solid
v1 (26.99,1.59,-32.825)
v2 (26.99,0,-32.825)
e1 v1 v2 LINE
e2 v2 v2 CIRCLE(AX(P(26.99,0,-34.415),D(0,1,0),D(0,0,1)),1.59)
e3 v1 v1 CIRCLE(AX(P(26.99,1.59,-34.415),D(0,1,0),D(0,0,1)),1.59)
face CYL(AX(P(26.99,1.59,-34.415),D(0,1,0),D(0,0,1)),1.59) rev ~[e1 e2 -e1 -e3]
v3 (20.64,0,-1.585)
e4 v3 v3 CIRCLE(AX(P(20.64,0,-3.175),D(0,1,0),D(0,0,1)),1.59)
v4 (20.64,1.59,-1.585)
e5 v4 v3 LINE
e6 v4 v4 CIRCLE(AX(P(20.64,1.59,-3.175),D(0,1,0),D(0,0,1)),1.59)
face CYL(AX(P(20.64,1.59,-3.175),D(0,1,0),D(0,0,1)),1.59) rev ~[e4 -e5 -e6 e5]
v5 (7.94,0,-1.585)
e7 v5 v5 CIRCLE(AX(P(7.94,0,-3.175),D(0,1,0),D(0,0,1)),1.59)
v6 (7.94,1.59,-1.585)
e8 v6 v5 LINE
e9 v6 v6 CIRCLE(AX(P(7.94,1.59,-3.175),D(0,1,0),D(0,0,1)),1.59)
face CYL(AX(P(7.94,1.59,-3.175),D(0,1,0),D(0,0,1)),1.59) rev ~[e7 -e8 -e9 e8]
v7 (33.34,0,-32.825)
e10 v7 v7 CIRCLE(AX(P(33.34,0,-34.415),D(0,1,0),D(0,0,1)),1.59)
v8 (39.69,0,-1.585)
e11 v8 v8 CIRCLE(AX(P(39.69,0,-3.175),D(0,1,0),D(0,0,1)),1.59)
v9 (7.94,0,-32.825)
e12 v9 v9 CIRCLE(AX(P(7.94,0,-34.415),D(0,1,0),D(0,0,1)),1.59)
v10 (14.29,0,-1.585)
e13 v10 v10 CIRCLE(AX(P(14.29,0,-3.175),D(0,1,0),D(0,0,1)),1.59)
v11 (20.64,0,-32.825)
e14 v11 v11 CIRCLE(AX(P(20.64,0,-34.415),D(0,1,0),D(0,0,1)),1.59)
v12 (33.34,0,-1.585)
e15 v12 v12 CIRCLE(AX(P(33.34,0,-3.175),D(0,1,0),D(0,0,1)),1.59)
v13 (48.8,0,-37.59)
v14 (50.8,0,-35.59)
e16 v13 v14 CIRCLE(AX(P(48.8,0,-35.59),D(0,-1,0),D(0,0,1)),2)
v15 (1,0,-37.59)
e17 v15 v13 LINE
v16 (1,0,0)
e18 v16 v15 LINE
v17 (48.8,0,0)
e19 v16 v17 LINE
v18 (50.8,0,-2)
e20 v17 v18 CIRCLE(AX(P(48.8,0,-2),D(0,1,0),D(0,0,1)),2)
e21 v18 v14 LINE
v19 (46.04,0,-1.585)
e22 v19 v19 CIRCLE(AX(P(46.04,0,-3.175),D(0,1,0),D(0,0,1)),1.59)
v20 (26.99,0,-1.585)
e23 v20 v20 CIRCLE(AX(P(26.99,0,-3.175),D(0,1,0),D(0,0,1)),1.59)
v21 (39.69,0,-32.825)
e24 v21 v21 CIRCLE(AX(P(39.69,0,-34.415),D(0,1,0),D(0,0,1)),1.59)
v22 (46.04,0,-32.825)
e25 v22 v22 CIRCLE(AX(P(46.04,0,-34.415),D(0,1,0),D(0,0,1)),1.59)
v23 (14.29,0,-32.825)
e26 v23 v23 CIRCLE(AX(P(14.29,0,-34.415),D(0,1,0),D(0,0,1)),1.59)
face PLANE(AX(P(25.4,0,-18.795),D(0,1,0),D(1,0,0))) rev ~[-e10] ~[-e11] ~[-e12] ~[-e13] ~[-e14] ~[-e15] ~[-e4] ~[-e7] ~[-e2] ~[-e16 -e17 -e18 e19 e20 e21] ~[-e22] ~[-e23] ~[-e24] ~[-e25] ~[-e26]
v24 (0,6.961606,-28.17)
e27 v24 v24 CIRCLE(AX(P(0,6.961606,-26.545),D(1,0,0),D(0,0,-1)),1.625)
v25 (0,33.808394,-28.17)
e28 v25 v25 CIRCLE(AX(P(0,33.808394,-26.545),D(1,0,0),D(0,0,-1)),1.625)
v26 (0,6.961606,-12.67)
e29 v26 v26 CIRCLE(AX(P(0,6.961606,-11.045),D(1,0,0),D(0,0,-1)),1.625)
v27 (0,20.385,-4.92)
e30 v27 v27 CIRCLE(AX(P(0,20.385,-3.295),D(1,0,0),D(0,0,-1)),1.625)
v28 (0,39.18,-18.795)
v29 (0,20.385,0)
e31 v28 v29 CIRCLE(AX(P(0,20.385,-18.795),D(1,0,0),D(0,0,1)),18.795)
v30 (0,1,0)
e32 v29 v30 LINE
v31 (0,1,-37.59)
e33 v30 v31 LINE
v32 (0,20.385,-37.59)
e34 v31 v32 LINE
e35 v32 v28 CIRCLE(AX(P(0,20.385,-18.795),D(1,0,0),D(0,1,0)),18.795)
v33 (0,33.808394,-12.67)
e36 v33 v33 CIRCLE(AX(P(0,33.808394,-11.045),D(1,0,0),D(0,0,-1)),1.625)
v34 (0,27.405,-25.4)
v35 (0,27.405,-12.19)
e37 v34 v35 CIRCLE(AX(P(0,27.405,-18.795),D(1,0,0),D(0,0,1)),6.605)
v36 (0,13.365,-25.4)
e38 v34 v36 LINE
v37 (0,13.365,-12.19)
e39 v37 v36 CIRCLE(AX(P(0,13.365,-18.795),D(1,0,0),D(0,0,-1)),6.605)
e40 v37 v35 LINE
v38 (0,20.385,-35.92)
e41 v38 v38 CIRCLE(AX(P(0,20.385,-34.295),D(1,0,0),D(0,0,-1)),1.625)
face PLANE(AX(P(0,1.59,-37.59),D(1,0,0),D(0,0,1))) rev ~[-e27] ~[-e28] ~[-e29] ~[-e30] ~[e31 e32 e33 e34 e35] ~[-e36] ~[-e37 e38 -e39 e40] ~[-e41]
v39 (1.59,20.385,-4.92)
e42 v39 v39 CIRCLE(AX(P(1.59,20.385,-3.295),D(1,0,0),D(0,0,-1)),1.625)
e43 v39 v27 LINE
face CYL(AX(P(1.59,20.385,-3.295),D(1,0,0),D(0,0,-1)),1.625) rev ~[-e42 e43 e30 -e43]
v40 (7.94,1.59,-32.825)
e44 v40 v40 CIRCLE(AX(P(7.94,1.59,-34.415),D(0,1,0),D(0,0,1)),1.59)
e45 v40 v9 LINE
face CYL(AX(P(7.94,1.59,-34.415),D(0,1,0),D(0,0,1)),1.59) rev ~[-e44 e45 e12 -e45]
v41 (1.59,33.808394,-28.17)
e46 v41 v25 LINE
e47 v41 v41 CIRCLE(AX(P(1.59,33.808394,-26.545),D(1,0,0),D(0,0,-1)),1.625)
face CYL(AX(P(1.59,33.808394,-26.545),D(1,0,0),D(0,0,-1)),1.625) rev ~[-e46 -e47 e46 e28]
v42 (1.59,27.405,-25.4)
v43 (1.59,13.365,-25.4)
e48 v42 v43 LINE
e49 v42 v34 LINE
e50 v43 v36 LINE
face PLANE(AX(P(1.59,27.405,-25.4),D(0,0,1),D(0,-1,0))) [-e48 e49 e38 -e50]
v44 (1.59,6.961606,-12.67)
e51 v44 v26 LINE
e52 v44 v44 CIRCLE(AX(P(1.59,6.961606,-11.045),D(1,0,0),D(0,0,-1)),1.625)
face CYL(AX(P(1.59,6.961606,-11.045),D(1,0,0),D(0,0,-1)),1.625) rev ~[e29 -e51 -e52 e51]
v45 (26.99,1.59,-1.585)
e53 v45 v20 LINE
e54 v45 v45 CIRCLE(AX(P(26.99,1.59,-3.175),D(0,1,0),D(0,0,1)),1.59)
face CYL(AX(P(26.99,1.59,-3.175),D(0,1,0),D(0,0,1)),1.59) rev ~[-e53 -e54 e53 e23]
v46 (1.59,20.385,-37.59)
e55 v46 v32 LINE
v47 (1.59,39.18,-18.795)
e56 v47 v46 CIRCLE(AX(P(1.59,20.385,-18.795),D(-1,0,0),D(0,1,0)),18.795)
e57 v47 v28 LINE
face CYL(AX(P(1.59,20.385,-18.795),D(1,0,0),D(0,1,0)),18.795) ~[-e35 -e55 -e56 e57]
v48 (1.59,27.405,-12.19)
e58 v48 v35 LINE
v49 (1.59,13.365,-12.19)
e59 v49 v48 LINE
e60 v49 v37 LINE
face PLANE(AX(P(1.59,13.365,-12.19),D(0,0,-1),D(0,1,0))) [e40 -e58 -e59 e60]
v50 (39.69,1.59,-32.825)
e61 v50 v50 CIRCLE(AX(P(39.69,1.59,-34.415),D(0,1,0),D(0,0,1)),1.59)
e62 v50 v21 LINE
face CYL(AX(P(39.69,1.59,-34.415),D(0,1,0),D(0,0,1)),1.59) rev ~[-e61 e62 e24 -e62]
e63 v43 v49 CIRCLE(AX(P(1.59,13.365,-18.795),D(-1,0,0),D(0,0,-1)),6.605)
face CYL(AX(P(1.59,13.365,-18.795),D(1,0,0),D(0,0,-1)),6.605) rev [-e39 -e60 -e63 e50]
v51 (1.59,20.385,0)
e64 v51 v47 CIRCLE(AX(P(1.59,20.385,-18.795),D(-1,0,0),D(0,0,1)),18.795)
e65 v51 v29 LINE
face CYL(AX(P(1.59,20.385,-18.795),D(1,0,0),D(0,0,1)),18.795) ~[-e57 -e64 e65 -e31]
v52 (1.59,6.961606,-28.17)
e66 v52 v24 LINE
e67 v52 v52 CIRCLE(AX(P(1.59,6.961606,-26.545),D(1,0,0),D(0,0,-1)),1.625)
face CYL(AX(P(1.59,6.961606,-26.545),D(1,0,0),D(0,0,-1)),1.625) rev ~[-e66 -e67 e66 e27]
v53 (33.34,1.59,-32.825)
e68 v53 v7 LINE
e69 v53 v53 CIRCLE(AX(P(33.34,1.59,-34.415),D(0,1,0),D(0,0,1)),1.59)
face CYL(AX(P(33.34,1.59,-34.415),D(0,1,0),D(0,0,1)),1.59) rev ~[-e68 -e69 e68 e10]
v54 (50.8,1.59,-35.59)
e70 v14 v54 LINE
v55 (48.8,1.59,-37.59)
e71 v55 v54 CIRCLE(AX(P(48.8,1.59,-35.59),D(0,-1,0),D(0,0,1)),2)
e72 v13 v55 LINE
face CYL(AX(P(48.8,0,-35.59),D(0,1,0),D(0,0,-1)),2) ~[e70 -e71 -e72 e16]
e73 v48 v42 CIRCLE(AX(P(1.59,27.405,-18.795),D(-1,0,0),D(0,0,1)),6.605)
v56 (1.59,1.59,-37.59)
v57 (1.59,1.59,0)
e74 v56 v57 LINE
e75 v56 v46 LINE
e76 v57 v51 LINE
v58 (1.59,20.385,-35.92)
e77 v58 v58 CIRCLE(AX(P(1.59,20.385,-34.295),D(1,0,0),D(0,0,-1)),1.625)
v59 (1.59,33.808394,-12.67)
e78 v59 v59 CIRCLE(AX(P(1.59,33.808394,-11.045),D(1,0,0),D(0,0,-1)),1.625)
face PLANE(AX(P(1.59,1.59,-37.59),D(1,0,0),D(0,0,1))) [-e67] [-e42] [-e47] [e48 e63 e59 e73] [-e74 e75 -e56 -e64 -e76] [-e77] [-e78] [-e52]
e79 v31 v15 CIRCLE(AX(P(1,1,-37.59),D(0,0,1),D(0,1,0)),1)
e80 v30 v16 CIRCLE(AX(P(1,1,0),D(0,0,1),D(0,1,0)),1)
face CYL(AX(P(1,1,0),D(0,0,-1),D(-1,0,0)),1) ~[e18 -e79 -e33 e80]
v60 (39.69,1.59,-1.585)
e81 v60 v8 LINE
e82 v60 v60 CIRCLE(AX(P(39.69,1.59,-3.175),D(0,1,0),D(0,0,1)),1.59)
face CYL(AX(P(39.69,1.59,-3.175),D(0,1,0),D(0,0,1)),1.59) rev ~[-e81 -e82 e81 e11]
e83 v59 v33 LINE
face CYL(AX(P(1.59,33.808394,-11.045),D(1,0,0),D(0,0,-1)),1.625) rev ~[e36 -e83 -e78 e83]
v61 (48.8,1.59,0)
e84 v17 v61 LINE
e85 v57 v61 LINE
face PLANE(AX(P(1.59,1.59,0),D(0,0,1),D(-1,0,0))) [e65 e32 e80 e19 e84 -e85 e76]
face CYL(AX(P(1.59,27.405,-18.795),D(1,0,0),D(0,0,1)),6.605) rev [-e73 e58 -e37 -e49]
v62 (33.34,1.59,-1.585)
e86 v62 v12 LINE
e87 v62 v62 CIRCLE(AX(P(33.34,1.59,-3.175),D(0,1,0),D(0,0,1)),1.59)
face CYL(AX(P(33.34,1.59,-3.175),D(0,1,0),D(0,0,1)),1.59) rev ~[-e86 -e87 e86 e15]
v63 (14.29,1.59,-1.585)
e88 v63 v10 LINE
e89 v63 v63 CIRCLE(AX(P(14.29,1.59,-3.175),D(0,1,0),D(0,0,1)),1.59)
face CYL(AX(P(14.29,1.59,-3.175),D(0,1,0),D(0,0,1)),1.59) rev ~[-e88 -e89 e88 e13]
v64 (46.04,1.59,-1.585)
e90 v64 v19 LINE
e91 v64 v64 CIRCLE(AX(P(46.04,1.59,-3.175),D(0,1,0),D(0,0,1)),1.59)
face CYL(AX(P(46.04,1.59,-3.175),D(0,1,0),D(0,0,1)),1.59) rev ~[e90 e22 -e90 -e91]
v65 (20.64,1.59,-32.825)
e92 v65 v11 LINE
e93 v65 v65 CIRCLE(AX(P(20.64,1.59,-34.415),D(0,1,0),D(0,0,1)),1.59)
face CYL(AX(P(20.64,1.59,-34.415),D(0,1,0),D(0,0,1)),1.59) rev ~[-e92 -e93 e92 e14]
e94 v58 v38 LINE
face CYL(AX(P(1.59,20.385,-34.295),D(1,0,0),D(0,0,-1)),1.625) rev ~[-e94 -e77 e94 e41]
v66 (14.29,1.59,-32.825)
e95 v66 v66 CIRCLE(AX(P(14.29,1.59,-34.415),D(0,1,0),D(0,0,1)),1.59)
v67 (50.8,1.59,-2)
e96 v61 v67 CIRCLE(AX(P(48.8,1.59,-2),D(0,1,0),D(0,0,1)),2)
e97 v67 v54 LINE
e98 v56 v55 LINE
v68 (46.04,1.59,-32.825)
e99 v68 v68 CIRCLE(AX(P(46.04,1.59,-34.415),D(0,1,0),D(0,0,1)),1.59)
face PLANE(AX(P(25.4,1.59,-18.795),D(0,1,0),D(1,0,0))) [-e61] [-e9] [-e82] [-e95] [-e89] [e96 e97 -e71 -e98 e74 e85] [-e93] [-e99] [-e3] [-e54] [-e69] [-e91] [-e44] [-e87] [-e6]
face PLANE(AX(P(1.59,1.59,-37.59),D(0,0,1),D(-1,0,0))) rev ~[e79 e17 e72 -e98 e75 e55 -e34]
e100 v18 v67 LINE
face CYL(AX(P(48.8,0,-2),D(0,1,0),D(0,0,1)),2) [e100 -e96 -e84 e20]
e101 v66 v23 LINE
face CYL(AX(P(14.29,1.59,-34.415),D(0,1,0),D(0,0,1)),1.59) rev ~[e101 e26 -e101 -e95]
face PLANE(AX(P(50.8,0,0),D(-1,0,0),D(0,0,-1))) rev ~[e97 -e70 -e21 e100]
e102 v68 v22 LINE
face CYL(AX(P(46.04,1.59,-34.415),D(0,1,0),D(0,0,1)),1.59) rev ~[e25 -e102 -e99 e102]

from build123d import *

# Parameters (mm, degrees)
ESQUISSE1_W             = 50.8
ESQUISSE1_H             = 37.59
BOSS_EXTRU_1_DEPTH      = 1.59
ESQUISSE2_W             = 1.59
ESQUISSE2_H             = 37.59
BOSS_EXTRU_2_DEPTH      = 37.59
CONG_1_R                = 1
ESQUISSE3_R             = 1.59
ENL_V_MAT_EXTRU_1_DEPTH = 74.52996804
CONG_2_R                = 2
ENL_V_MAT_EXTRU_2_DEPTH = 74.278268266
ESQUISSE5_R             = 1.625
ENL_V_MAT_EXTRU_3_DEPTH = 74.278268266


with BuildPart() as part:
    # Esquisse1 → Boss.-Extru.1 (new body)
    with BuildSketch(Plane(origin=(0, 0, 0), x_dir=(1, 0, 0), z_dir=(0, 1, 0))):
        with Locations((25.4, 18.795)):
            Rectangle(ESQUISSE1_W, ESQUISSE1_H)
    extrude(amount=BOSS_EXTRU_1_DEPTH)

    # Esquisse2 → Boss.-Extru.2 (add)
    with BuildSketch(Plane(origin=(0, 1.59, 0), x_dir=(-1, 0, 0), z_dir=(0, 1, 0))):
        with Locations((-0.795, -18.795)):
            Rectangle(ESQUISSE2_W, ESQUISSE2_H)
    extrude(amount=BOSS_EXTRU_2_DEPTH)

    # Congé1
    cong_1_edges = [part.edges().sort_by_distance(p)[0] for p in [
        (0, 0, -18.795),
    ]]
    fillet(cong_1_edges, radius=CONG_1_R)

    # Esquisse3 → Enlèv. mat.-Extru.1 (cut, through all)
    with BuildSketch(Plane(origin=(0, 1.59, 0), x_dir=(1, 0, 0), z_dir=(0, 1, 0))):
        with Locations(Location((7.94, 34.415, 0), (0, 0, 270))):
            Circle(ESQUISSE3_R)
        with Locations(Location((14.29, 34.415, 0), (0, 0, 270))):
            Circle(ESQUISSE3_R)
        with Locations(Location((20.64, 34.415, 0), (0, 0, 270))):
            Circle(ESQUISSE3_R)
        with Locations(Location((26.99, 34.415, 0), (0, 0, 270))):
            Circle(ESQUISSE3_R)
        with Locations(Location((33.34, 34.415, 0), (0, 0, 270))):
            Circle(ESQUISSE3_R)
        with Locations(Location((39.69, 34.415, 0), (0, 0, 270))):
            Circle(ESQUISSE3_R)
        with Locations(Location((46.04, 34.415, 0), (0, 0, 270))):
            Circle(ESQUISSE3_R)
        with Locations(Location((46.04, 3.175, 0), (0, 0, 270))):
            Circle(ESQUISSE3_R)
        with Locations(Location((39.69, 3.175, 0), (0, 0, 270))):
            Circle(ESQUISSE3_R)
        with Locations(Location((33.34, 3.175, 0), (0, 0, 270))):
            Circle(ESQUISSE3_R)
        with Locations(Location((26.99, 3.175, 0), (0, 0, 270))):
            Circle(ESQUISSE3_R)
        with Locations(Location((20.64, 3.175, 0), (0, 0, 270))):
            Circle(ESQUISSE3_R)
        with Locations(Location((14.29, 3.175, 0), (0, 0, 270))):
            Circle(ESQUISSE3_R)
        with Locations(Location((7.94, 3.175, 0), (0, 0, 270))):
            Circle(ESQUISSE3_R)
    extrude(amount=-ENL_V_MAT_EXTRU_1_DEPTH, mode=Mode.SUBTRACT)

    # Congé2
    cong_2_edges = [part.edges().sort_by_distance(p)[0] for p in [
        (50.8, 0.795, 0),
        (50.8, 0.795, -37.59),
    ]]
    fillet(cong_2_edges, radius=CONG_2_R)

    # Esquisse4 → Enlèv. mat.-Extru.2 (cut, through all)
    with BuildSketch(Plane(origin=(1.59, 0, 0), x_dir=(0, 0, -1), z_dir=(1, 0, 0))):
        with BuildLine():
            Line((0, 39.18), (0, 20.385))
            ThreePointArc((0, 20.385), (5.504928048, 33.675071952), (18.795, 39.18))
            Line((18.795, 39.18), (0, 39.18))
        make_face()
        with BuildLine():
            Line((37.59, 39.18), (18.795, 39.18))
            ThreePointArc((18.795, 39.18), (32.085071952, 33.675071952), (37.59, 20.385))
            Line((37.59, 20.385), (37.59, 39.18))
        make_face()
    extrude(amount=-ENL_V_MAT_EXTRU_2_DEPTH, mode=Mode.SUBTRACT)

    # Esquisse5 → Enlèv. mat.-Extru.3 (cut, through all)
    with BuildSketch(Plane(origin=(1.59, 0, 0), x_dir=(0, 0, -1), z_dir=(1, 0, 0))):
        with Locations((34.295, 20.385)):
            Circle(ESQUISSE5_R)
        with Locations((26.545, 6.961606241)):
            Circle(ESQUISSE5_R)
        with Locations((11.045, 6.961606241)):
            Circle(ESQUISSE5_R)
        with Locations((3.295, 20.385)):
            Circle(ESQUISSE5_R)
        with Locations((11.045, 33.808393759)):
            Circle(ESQUISSE5_R)
        with Locations((26.545, 33.808393759)):
            Circle(ESQUISSE5_R)
        with BuildLine():
            Line((12.19, 13.365), (12.19, 27.405))
            ThreePointArc((12.19, 27.405), (18.795, 34.01), (25.4, 27.405))
            Line((25.4, 27.405), (25.4, 13.365))
            ThreePointArc((25.4, 13.365), (18.795, 6.76), (12.19, 13.365))
        make_face()
    extrude(amount=-ENL_V_MAT_EXTRU_3_DEPTH, mode=Mode.SUBTRACT)


solid = part.part
